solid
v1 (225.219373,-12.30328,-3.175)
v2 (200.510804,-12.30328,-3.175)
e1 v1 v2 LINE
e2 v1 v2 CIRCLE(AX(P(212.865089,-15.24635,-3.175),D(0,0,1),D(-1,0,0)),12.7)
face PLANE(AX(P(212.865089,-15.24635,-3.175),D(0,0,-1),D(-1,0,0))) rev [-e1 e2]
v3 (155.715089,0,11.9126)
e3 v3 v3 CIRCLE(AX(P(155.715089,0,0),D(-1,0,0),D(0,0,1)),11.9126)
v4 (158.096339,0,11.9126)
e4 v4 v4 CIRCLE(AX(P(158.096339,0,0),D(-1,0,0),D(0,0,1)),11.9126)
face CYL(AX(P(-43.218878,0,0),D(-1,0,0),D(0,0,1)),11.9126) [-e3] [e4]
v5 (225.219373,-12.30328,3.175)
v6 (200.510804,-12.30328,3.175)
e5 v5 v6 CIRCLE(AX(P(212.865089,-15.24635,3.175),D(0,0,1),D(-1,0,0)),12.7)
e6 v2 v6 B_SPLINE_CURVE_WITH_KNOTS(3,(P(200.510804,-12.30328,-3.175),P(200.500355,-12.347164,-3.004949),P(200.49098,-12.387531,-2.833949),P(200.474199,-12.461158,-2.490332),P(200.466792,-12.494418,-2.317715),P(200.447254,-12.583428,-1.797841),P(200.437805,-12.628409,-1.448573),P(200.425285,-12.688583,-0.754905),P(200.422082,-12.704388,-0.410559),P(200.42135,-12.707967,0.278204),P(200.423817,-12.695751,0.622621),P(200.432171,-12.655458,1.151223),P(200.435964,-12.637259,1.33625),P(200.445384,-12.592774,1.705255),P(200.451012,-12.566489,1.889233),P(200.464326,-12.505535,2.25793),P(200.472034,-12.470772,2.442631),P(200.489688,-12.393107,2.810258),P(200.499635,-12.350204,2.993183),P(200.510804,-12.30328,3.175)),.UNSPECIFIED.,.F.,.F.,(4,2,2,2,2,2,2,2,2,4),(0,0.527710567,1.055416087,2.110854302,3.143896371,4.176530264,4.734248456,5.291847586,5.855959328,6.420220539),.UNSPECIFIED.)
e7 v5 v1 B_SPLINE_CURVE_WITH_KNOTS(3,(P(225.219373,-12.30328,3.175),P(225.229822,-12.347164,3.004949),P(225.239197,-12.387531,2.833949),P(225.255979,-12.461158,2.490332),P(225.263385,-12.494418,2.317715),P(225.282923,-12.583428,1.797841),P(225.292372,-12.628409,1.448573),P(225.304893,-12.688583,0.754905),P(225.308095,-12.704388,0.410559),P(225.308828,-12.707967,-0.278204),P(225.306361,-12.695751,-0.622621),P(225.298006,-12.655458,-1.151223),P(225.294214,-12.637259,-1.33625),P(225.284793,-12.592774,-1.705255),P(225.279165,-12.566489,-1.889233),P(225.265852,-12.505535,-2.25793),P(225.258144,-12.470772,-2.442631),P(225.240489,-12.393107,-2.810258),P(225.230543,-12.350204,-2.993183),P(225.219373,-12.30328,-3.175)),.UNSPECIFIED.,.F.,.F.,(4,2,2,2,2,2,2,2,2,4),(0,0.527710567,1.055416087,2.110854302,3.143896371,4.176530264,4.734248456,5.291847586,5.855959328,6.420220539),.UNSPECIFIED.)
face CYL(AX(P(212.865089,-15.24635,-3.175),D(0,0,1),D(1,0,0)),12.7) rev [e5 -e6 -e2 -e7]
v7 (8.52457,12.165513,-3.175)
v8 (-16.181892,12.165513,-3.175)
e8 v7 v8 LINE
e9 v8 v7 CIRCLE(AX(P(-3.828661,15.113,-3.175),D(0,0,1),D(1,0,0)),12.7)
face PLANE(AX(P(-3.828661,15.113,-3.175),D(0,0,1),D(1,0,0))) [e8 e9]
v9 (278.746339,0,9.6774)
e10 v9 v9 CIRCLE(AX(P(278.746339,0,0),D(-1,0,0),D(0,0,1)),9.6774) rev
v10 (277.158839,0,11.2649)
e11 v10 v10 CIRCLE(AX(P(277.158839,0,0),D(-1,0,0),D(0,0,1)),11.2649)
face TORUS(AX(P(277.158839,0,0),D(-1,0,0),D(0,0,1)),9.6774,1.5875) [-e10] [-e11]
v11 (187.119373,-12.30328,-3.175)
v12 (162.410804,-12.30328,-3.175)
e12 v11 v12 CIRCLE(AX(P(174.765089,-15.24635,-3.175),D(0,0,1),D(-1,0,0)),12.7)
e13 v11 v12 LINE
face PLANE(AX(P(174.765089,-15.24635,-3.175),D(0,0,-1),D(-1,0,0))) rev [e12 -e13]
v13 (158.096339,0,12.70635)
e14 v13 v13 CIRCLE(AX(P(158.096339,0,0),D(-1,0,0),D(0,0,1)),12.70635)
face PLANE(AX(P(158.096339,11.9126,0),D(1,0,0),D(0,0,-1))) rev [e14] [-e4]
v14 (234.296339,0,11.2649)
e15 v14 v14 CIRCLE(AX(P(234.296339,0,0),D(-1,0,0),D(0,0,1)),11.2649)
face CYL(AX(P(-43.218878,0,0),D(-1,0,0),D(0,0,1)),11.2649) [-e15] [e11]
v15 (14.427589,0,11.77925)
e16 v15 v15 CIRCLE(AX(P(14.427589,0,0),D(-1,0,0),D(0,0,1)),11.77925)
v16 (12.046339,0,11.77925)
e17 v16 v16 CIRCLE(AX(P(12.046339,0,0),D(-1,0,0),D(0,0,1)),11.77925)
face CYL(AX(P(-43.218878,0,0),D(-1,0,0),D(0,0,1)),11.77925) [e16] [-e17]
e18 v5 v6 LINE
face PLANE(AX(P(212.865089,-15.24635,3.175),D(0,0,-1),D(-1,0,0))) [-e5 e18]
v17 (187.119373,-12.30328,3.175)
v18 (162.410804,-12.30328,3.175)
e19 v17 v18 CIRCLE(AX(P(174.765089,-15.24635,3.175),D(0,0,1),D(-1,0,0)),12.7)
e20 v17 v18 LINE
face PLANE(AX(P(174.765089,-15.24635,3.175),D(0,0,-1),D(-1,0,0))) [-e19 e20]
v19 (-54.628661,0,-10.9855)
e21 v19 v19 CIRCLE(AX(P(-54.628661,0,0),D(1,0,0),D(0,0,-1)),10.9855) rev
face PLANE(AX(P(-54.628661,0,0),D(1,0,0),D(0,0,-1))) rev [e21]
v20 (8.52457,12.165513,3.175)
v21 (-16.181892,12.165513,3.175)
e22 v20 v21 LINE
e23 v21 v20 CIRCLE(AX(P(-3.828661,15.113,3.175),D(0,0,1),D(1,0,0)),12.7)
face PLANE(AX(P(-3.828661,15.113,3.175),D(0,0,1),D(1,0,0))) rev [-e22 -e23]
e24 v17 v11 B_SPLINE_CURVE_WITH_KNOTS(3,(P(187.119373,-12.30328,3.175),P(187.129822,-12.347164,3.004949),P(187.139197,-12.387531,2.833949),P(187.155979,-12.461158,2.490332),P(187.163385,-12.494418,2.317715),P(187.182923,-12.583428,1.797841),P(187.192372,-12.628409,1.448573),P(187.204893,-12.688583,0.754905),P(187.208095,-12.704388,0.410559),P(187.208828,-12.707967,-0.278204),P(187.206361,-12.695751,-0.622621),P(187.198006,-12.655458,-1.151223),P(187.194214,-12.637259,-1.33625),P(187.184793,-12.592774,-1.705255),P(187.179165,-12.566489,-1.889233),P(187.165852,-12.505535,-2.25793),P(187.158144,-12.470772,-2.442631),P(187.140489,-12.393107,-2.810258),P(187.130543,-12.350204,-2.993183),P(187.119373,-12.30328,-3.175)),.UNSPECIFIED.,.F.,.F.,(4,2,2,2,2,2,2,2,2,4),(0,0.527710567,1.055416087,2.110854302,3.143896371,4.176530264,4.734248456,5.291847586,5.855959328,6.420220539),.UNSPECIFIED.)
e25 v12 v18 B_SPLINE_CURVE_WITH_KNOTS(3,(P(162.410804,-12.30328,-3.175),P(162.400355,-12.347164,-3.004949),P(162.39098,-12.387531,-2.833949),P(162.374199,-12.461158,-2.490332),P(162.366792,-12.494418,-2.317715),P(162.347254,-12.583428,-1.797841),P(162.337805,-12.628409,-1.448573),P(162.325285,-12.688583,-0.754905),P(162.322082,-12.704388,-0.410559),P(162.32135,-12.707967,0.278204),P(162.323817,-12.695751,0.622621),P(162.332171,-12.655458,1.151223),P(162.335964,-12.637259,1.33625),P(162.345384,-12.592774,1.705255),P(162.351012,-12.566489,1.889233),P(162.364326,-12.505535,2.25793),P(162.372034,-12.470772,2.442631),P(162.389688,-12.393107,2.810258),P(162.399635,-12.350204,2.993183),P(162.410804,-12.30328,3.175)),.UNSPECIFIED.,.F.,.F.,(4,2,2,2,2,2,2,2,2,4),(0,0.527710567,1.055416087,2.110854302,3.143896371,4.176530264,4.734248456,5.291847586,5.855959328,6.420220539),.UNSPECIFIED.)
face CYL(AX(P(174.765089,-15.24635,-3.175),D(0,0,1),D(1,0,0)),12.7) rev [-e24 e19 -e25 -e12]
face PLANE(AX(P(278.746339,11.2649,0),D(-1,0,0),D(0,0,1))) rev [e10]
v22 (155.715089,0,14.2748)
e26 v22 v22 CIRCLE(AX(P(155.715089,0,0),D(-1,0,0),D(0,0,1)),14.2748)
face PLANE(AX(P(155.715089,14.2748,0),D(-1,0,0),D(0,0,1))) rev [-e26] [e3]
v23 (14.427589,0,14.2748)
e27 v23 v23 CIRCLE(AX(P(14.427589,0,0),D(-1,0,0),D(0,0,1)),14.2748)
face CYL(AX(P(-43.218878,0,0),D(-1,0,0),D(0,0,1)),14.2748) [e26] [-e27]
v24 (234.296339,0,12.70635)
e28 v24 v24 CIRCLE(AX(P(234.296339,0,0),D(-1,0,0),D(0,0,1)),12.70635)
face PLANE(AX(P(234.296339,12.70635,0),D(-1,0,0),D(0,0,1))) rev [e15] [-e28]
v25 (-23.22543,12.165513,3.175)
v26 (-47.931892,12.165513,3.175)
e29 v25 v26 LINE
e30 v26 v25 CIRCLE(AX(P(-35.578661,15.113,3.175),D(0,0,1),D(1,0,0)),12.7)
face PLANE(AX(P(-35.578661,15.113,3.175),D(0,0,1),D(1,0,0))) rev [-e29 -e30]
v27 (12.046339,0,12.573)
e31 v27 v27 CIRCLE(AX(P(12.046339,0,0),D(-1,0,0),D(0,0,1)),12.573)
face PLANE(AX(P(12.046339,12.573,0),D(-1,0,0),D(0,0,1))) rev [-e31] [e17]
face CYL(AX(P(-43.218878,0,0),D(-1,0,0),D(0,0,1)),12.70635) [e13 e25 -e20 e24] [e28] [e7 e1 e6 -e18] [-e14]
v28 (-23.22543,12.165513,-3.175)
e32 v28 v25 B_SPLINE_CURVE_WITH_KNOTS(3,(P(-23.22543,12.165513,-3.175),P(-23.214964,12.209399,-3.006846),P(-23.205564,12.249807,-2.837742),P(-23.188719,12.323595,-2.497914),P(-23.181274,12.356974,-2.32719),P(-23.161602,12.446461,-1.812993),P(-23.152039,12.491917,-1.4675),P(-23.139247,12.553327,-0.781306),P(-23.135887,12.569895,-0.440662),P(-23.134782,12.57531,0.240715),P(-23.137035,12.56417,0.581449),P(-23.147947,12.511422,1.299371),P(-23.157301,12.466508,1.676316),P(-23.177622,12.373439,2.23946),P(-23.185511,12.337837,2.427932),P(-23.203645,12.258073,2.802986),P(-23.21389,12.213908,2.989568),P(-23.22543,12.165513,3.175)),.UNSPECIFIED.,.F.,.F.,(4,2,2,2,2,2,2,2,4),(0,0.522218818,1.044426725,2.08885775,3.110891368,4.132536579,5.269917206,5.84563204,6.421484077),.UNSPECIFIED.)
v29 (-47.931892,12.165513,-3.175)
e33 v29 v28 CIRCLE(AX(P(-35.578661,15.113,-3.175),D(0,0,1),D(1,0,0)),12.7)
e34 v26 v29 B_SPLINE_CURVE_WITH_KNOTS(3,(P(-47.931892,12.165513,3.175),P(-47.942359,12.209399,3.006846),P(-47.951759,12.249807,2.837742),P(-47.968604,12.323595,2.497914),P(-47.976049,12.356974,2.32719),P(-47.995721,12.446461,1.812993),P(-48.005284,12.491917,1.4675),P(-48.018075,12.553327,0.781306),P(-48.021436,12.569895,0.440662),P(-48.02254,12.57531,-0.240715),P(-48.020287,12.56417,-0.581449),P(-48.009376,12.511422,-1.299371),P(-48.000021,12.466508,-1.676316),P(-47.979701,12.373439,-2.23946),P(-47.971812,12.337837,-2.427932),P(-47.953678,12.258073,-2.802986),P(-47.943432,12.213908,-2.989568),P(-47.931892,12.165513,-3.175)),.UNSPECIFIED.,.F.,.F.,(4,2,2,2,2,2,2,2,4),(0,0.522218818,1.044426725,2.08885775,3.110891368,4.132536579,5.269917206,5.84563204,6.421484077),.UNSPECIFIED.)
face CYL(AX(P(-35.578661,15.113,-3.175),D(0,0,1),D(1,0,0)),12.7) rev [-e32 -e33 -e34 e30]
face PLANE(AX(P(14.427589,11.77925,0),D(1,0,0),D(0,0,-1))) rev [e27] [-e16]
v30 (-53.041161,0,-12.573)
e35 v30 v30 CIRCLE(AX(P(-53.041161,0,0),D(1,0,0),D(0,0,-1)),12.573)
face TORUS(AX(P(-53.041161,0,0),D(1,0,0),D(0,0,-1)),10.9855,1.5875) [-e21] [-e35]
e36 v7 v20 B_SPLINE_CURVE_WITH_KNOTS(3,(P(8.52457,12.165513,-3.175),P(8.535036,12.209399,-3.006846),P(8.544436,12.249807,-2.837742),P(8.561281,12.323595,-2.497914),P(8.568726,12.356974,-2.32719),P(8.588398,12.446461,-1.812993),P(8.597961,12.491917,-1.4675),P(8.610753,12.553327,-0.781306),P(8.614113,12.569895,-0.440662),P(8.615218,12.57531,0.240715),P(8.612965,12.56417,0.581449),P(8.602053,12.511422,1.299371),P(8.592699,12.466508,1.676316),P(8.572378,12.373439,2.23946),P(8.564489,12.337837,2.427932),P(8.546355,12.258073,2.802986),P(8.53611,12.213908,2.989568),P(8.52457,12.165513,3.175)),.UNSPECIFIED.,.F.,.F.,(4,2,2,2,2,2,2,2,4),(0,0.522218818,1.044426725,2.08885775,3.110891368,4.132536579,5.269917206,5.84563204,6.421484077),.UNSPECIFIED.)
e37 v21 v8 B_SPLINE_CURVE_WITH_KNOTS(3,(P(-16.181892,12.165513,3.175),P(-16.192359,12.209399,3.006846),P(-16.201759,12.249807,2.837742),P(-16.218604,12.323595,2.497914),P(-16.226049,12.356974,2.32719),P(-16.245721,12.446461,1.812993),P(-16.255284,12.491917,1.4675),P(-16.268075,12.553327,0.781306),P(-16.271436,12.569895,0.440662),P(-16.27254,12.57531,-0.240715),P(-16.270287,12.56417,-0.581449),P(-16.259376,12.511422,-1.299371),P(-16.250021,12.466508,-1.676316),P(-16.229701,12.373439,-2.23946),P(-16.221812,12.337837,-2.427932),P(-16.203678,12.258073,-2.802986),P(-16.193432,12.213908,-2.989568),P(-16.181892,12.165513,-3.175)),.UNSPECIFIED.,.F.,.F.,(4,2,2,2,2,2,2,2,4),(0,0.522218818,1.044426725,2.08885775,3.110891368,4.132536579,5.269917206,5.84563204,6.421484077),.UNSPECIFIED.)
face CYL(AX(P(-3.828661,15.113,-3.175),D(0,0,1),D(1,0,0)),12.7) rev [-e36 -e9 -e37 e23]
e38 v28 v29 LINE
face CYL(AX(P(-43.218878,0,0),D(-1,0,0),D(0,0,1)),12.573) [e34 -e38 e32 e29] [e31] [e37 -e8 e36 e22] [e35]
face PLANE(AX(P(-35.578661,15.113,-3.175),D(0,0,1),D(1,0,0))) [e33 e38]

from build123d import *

# Parameters (mm, degrees)
FILLET1_R          = 1.5875
CUT_EXTRUDE1_DEPTH = 3.175
LPATTERN1_COUNT    = 2
LPATTERN1_PITCH    = 31.75
CUT_EXTRUDE2_DEPTH = 3.175


with BuildPart() as part:
    # Sketch1 → Revolve1 (revolve)
    with BuildSketch(Plane.XY, mode=Mode.PRIVATE) as revolve1_sk:
        Polygon((-54.628661224, 0), (-54.628661224, 12.573), (12.046338776, 12.573), (12.046338776, 11.77925), (14.427588776, 11.77925), (14.427588776, 14.2748), (155.715088776, 14.2748), (155.715088776, 11.9126), (158.096338776, 11.9126), (158.096338776, 12.70635), (234.296338776, 12.70635), (234.296338776, 11.2649), (278.746338776, 11.2649), (278.746338776, 0), align=None)
    revolve(revolve1_sk.sketch.rotate(Axis((-43.218877551, 0, 0), (1, 0, 0)), 90), axis=Axis((-43.218877551, 0, 0), (1, 0, 0)))

    # Fillet1
    fillet1_edges = [part.edges().sort_by_distance(p)[0] for p in [
        (-54.628661224, 0, -12.573),
        (278.746338776, 0, -11.2649),
    ]]
    fillet(fillet1_edges, radius=FILLET1_R)

    # Sketch2 → Cut-Extrude1 (cut, symmetric)
    with BuildSketch(Plane.XY):
        with BuildLine():
            Line((-48.022069118, 12.573), (-23.135253331, 12.573))
            ThreePointArc((-23.135253331, 12.573), (-35.578661224, 2.413), (-48.022069118, 12.573))
        make_face()
    cut_extrude1 = extrude(amount=CUT_EXTRUDE1_DEPTH, both=True, mode=Mode.SUBTRACT)

    # LPattern1: Cut-Extrude1 ×2
    with Locations(*[(i * LPATTERN1_PITCH, 0, 0) for i in range(1, LPATTERN1_COUNT)]):
        add(cut_extrude1, mode=Mode.SUBTRACT)

    # Sketch3 → Cut-Extrude2 (cut, symmetric)
    with BuildSketch(Plane.XY):
        with BuildLine():
            Line((162.321680882, -12.70635), (187.208496669, -12.70635))
            ThreePointArc((187.208496669, -12.70635), (174.765088776, -2.54635), (162.321680882, -12.70635))
        make_face()
        with BuildLine():
            Line((200.421680882, -12.70635), (225.308496669, -12.70635))
            ThreePointArc((225.308496669, -12.70635), (212.865088776, -2.54635), (200.421680882, -12.70635))
        make_face()
    extrude(amount=CUT_EXTRUDE2_DEPTH, both=True, mode=Mode.SUBTRACT)


solid = part.part
